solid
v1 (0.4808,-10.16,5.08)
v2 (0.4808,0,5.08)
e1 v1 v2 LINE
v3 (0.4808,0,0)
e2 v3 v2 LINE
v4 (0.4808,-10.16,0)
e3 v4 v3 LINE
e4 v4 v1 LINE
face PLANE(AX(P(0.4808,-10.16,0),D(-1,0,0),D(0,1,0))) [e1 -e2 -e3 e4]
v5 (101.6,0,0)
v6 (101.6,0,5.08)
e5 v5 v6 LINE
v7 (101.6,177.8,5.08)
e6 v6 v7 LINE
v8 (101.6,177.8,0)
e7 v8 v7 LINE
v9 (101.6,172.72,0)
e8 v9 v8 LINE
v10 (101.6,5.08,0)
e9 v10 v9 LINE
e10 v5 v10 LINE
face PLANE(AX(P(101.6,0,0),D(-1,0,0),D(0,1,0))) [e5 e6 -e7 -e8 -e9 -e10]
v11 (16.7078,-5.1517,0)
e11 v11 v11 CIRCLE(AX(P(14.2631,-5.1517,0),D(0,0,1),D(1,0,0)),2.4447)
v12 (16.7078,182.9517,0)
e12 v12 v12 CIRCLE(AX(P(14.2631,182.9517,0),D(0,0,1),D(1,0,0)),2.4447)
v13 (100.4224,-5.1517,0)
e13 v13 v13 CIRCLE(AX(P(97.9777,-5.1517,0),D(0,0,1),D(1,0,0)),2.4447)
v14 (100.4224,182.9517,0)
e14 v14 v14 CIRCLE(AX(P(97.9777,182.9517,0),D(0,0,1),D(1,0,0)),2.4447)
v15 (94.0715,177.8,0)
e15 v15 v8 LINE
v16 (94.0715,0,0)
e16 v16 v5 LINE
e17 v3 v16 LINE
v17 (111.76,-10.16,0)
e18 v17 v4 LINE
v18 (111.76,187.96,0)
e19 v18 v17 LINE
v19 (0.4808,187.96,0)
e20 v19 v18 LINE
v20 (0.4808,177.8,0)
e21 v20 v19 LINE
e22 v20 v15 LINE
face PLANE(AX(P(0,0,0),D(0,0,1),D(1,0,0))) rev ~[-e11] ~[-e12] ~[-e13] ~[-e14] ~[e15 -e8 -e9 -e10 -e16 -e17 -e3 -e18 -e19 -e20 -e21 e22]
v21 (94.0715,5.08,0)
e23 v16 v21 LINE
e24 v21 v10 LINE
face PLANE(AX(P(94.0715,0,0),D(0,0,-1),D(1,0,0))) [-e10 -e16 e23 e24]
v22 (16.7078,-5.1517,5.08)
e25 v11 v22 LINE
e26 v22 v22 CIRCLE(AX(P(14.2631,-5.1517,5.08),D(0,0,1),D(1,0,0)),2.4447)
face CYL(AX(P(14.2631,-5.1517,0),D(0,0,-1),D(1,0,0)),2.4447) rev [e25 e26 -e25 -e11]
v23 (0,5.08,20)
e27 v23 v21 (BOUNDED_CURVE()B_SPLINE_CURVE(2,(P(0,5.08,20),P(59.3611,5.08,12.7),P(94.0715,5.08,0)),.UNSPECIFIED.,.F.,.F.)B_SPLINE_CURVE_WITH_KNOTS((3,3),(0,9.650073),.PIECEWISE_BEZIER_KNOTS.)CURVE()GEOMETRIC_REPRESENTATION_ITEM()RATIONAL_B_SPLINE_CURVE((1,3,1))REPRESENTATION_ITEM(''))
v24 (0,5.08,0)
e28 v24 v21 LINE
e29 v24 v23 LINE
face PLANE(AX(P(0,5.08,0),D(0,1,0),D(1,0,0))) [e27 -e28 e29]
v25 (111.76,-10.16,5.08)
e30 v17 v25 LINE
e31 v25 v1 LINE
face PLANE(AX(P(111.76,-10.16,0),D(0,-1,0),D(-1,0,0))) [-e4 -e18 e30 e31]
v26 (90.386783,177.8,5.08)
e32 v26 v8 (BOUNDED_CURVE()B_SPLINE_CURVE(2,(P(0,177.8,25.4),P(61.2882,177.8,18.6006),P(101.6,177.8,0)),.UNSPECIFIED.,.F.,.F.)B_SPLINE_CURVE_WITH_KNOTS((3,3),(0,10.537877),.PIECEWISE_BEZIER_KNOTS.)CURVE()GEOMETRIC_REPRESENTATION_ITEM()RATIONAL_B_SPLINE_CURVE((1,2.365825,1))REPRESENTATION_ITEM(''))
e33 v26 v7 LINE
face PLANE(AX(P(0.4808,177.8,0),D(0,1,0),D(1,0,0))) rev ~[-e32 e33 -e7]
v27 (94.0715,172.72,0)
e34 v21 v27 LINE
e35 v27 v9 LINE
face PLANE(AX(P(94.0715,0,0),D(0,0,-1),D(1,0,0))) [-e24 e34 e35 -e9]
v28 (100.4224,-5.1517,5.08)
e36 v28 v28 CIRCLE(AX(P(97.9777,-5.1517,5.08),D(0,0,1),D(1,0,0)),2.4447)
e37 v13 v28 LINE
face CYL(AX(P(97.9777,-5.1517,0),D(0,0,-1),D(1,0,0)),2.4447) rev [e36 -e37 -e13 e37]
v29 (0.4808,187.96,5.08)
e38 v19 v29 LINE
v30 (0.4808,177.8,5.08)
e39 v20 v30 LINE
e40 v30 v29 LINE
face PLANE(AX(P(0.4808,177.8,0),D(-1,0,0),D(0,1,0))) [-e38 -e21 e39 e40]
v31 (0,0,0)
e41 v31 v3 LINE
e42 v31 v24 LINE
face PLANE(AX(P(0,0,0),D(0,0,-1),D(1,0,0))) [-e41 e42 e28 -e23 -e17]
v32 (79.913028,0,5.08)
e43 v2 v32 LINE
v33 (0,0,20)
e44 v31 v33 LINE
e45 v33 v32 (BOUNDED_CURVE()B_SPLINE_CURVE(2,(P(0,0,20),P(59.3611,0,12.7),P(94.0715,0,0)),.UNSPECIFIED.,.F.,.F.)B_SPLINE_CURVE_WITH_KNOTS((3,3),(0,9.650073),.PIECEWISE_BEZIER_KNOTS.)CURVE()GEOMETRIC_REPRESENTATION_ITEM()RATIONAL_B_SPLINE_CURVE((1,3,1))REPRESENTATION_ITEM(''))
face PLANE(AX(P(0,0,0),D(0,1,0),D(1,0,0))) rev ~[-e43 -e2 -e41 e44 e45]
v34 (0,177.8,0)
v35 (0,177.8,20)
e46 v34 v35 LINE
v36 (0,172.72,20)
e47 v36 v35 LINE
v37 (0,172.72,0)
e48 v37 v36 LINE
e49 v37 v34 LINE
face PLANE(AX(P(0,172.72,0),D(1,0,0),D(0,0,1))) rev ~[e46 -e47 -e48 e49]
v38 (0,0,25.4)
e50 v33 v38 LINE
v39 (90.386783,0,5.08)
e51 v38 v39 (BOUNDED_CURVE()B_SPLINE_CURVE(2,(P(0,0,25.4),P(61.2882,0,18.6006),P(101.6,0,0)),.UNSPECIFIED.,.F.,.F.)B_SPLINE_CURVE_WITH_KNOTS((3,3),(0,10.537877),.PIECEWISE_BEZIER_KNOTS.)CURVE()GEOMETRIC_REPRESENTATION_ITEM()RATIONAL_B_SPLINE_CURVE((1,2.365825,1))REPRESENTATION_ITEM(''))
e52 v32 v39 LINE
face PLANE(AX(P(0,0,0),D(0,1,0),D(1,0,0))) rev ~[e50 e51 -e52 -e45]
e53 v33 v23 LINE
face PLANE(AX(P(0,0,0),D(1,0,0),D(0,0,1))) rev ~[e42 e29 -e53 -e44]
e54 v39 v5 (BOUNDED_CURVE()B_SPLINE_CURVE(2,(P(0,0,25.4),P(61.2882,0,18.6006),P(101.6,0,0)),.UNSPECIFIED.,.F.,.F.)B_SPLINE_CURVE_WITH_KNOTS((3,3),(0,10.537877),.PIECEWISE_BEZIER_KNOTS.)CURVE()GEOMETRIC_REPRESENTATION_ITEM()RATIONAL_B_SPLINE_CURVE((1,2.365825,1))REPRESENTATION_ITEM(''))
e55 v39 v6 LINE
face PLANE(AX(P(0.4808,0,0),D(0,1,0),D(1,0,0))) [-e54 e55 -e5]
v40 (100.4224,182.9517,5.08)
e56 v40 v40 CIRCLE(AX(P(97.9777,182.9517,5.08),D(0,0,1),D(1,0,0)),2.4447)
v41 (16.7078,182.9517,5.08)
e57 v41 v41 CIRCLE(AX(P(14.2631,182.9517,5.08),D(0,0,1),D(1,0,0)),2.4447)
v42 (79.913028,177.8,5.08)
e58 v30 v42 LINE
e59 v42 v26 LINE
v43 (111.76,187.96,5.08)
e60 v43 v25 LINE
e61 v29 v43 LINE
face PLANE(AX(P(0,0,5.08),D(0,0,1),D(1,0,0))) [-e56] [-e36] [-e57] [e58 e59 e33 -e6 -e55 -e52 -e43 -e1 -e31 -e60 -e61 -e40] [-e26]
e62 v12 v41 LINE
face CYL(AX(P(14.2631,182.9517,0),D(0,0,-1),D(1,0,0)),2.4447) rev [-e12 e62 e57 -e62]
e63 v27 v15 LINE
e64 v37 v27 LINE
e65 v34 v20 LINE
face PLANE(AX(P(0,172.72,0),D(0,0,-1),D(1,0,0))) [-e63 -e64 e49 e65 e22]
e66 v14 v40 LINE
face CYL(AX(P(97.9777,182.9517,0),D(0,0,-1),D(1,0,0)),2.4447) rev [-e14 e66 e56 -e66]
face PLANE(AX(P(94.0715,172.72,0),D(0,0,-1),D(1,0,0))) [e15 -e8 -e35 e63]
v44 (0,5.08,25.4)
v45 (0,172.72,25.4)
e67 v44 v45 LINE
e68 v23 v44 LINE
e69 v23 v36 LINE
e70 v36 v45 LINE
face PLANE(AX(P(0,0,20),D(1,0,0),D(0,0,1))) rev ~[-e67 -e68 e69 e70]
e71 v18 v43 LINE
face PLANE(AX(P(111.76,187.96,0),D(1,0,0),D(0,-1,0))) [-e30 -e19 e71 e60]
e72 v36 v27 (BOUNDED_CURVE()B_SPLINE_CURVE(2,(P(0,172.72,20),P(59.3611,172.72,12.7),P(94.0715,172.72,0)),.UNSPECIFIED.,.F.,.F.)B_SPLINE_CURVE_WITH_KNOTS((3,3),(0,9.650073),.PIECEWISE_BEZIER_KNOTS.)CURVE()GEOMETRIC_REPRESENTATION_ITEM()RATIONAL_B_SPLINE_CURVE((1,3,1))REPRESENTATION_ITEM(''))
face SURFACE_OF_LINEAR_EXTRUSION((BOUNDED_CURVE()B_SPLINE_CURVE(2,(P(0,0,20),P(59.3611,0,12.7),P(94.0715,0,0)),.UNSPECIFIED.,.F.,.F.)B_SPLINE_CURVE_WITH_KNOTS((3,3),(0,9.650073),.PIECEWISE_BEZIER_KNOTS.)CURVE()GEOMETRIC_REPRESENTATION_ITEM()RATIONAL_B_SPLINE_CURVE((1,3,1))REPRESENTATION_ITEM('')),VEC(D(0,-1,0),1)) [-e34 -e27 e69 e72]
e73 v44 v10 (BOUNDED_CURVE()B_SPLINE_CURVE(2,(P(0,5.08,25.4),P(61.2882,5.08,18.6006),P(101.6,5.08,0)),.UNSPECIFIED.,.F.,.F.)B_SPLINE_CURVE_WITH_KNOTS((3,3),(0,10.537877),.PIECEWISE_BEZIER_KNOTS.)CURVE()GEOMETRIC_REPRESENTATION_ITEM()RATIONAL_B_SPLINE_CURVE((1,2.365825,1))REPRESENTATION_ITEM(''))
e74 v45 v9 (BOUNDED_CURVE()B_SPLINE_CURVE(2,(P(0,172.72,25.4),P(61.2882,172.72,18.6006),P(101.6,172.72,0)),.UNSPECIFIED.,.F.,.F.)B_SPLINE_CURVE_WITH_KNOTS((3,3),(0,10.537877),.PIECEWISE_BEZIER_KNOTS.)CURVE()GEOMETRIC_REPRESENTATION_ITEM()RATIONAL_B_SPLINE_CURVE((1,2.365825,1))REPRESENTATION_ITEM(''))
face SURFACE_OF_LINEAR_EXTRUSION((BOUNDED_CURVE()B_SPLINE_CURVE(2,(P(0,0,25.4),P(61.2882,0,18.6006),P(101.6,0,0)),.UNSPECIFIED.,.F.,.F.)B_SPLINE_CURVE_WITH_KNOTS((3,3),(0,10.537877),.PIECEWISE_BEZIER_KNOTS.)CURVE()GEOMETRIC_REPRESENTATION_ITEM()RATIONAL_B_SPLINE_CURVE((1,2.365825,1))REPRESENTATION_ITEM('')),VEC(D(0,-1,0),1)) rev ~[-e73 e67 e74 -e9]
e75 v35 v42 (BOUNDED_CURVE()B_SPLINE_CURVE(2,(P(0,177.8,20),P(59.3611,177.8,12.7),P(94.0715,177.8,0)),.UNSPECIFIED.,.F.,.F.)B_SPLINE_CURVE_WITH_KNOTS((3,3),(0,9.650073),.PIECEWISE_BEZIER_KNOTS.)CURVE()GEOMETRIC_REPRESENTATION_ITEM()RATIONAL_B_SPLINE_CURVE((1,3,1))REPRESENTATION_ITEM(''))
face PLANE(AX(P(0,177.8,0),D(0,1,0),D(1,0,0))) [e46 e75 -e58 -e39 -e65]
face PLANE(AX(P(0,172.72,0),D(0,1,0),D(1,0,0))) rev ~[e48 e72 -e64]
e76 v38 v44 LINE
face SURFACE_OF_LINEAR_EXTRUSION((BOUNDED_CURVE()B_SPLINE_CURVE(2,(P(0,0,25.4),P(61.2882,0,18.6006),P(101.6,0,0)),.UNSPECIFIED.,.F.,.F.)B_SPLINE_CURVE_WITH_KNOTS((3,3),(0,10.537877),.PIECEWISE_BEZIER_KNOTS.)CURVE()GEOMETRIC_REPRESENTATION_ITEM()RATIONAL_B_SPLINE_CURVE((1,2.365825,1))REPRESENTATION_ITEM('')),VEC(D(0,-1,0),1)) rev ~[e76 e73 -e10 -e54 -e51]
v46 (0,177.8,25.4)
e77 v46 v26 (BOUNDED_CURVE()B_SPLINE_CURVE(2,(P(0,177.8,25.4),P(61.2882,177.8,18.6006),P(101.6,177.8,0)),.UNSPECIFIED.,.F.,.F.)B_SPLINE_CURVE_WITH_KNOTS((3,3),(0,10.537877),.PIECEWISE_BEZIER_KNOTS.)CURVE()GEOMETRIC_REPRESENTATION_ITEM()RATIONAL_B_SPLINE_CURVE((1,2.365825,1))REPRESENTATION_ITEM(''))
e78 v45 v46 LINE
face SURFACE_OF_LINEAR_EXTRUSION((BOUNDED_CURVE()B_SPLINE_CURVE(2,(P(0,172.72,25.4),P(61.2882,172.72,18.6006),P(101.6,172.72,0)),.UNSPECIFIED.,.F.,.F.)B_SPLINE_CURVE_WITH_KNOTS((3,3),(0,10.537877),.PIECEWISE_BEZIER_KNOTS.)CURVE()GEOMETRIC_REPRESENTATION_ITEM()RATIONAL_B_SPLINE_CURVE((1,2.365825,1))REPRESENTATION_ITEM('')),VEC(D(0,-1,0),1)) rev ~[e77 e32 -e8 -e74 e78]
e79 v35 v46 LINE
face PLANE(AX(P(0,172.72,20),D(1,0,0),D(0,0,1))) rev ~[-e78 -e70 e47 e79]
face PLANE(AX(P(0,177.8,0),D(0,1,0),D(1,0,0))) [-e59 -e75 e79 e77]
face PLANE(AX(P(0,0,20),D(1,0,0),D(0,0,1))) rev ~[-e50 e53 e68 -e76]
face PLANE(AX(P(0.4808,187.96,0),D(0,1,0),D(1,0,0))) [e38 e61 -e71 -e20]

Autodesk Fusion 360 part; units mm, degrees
sketch "Sketch1" plane through (0, 0, 0) normal (0, 1, 0) x (1, 0, 0)
  line L0 (0, 0) -> (101.6, 0)
  line L1 (0, 0) -> (0, -25.4)
  spline S0 degree 2 poles (0, -25.4) (61.2882, -18.6006) (101.6, 0) knots 0 0 0 10.537877 10.537877 10.537877 weights 1 2.365825 1
  spline S1 degree 2 poles (0, -20) (59.3611, -12.7) (94.0715, 0) knots 0 0 0 9.650073 9.650073 9.650073 weights 1 3 1
  dimension "d1" = 101.6
  dimension "d2" = 25.4
extrude "Extrude1" add sketch "Sketch1" along normal blind 5.08 makes body 1
extrude "Extrude2" add sketch "Sketch1" along normal blind 177.8 separate body contours L0 L1 S0 S1 makes body 2
extrude "Extrude3" add sketch "Sketch1" along normal blind 5.08 from surface at 172.72 separate body makes body 3
sketch "Sketch2" plane through (0, 0, 0) normal (0, 0, 1) x (1, 0, 0)
  line L0 (0.4808, 187.96) -> (111.76, 187.96)
  line L1 (111.76, 187.96) -> (111.76, -10.16)
  line L2 (111.76, -10.16) -> (0.4808, -10.16)
  line L3 (0.4808, -10.16) -> (0.4808, 187.96)
  line L4 (0, 0) -> (0, 177.8)
  line L5 (0, 177.8) -> (101.6, 177.8)
  line L6 (101.6, 0) -> (101.6, 177.8)
  line L7 (0, 0) -> (101.6, 0)
  circle A0 centre (97.9777, -5.1517) radius 2.4447
  line L8 (56.1204, -10.16) -> (56.1204, 187.96) construction
  line L9 (111.76, 88.9) -> (0.4808, 88.9) construction
  circle A1 centre (14.2631, -5.1517) radius 2.4447
  circle A2 centre (97.9777, 182.9517) radius 2.4447
  circle A3 centre (14.2631, 182.9517) radius 2.4447
  dimension "d13" = 10.16
  dimension "d14" = 10.16
  dimension "d15" = 10.16
  dimension "d16" = 4.8895
extrude "Extrude4" add sketch "Sketch2" along normal blind 5.08 separate body contours L0 L1 L2 L3 L5 L6 L7 makes body 4
combine "Combine1" operation add target body 3 tool bodies 4 1 2
